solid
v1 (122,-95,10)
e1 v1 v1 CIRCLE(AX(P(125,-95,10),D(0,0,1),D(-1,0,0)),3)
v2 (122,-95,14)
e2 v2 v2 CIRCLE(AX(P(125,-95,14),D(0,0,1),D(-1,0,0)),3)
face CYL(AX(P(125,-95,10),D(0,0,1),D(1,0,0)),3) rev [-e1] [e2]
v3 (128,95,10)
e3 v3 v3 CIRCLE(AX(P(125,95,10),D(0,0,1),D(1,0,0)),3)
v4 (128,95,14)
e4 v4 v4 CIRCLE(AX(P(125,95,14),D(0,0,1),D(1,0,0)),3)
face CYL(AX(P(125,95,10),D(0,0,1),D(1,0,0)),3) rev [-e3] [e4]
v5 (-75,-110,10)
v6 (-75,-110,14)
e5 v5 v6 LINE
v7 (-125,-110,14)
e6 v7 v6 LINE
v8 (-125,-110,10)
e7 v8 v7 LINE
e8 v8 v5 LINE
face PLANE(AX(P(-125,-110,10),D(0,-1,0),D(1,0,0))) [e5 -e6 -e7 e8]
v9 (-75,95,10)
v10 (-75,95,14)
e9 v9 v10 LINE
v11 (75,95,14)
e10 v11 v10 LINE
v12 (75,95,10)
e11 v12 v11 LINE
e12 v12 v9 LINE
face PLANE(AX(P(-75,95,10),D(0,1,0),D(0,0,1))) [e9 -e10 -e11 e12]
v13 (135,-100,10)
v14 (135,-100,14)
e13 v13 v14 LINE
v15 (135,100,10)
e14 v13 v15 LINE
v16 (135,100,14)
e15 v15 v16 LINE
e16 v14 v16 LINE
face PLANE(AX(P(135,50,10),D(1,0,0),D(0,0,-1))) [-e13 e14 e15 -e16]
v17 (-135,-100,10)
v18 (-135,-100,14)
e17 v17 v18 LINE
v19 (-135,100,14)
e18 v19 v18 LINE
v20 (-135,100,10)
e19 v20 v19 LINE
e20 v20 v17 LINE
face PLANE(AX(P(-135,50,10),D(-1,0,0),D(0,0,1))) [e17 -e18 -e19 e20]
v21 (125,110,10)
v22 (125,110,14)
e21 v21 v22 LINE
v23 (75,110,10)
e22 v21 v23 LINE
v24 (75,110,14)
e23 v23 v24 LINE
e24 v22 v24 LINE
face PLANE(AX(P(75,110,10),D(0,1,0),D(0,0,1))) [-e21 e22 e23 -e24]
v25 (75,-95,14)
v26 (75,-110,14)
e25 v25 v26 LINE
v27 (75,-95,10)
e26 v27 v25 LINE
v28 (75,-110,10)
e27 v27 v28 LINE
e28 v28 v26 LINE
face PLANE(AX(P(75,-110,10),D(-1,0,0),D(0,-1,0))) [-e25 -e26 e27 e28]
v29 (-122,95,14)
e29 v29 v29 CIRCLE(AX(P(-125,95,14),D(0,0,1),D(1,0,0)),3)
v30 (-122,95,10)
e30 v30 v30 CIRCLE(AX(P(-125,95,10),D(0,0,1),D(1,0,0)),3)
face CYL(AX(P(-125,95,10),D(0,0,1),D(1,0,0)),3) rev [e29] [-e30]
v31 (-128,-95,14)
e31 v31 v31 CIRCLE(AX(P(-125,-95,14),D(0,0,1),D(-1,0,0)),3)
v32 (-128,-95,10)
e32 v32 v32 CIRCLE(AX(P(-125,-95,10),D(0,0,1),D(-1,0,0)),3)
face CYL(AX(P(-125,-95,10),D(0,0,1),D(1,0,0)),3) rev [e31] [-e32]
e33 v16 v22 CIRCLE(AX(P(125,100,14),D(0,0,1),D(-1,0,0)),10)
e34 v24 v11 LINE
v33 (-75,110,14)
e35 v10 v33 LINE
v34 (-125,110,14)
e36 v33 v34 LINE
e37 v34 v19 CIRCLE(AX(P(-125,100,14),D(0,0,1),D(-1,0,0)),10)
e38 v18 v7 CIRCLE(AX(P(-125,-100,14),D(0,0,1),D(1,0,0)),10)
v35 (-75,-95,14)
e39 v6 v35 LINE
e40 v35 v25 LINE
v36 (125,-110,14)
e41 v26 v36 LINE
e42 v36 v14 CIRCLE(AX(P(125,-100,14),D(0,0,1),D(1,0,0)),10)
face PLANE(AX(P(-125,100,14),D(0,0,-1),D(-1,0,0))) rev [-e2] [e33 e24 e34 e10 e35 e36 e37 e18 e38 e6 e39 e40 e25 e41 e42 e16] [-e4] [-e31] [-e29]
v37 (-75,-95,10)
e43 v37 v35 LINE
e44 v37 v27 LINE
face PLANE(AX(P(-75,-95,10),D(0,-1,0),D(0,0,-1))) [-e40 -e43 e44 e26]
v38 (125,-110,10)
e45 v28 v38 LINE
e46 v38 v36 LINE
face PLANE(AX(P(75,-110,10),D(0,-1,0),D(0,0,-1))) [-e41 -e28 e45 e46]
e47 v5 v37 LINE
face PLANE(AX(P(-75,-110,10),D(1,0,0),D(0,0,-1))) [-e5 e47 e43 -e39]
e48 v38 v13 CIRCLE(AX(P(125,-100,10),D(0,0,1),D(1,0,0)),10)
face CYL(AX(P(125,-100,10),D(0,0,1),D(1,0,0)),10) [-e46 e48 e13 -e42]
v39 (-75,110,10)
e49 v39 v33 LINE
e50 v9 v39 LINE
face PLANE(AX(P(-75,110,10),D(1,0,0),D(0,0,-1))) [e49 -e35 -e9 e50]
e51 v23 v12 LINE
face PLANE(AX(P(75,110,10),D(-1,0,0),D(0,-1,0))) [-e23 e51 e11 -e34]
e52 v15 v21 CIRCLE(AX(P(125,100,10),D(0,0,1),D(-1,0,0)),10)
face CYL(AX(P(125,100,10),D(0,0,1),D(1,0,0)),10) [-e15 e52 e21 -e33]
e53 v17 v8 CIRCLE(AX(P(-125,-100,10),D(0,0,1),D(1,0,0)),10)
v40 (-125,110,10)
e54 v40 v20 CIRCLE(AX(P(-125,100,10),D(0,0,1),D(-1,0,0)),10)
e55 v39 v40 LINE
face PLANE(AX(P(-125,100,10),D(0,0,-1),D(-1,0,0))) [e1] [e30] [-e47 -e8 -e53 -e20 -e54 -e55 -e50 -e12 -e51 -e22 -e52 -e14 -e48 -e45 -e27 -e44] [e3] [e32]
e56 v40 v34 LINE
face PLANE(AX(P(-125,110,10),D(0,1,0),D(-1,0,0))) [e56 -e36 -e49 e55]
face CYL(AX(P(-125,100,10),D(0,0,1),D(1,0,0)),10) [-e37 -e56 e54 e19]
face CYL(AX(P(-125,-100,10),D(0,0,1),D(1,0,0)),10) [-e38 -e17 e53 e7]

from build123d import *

# Parameters (mm, degrees)
SKETCH1_R               = 3
SKETCH1_W               = 33
SKETCH1_H               = 80
BOSS_EXTRUDE1_DEPTH     = 14
SKETCH4_R               = 2
CUT_EXTRUDE2_DEPTH      = 10
SKETCH5_R               = 2
CUT_EXTRUDE3_DEPTH      = 10
SKETCH6_R               = 3
BOSS_EXTRUDE2_DEPTH     = 4
BOSS_EXTRUDE2_2_DEPTH   = 4
SKETCH7_R               = 6.85
SKETCH7_R_2             = 1.5
CUT_EXTRUDE4_DEPTH      = 10
ESQUISSE2_W             = 270
ESQUISSE2_H             = 10
ENL_V_MAT_EXTRU_1_DEPTH = 260
ESQUISSE3_W             = 4
ESQUISSE3_H             = 176.46718548
BOSS_EXTRU_3_DEPTH      = 265


with BuildPart() as part:
    # Sketch1 → Boss-Extrude1 (new body)
    with BuildSketch(Plane.XY):
        Polygon((-135, -20.635083269), (-135, -50), (135, -50), (135, -20.635083269), (135, 40), (135, 50), (-135, 50), (-135, 40), align=None)
        with Locations((-85, -43)):
            Circle(SKETCH1_R, mode=Mode.SUBTRACT)
        with Locations((-80, 43)):
            Circle(SKETCH1_R, mode=Mode.SUBTRACT)
        with Locations(Location((80, 43, 0), (0, 0, 180))):
            Circle(SKETCH1_R, mode=Mode.SUBTRACT)
        with Locations(Location((85, -43, 0), (0, 0, 180))):
            Circle(SKETCH1_R, mode=Mode.SUBTRACT)
        with Locations((-110.5, 0)):
            Rectangle(SKETCH1_W, SKETCH1_H, mode=Mode.SUBTRACT)
        Polygon((-61, -30), (-35, -30), (-35, -20), (-4, -20), (-4, 20), (-35, 20), (-35, 30), (-61, 30), align=None, mode=Mode.SUBTRACT)
        Polygon((35, 20), (35, 30), (61, 30), (61, -30), (35, -30), (35, -20), (4, -20), (4, 20), align=None, mode=Mode.SUBTRACT)
        with Locations((110.5, 5)):
            Rectangle(SKETCH1_W, SKETCH1_H, mode=Mode.SUBTRACT)
    extrude(amount=BOSS_EXTRUDE1_DEPTH)

    # Sketch4 → Cut-Extrude2 (cut)
    with BuildSketch(Plane(origin=(0, 0, 0), x_dir=(-1, 0, 0), z_dir=(0, 0, -1))):
        with Locations((-131.5, 5)):
            Circle(SKETCH4_R)
    cut_extrude2 = extrude(amount=-CUT_EXTRUDE2_DEPTH, mode=Mode.SUBTRACT)

    # Sketch5 → Cut-Extrude3 (cut)
    with BuildSketch(Plane(origin=(0, 0, 0), x_dir=(-1, 0, 0), z_dir=(0, 0, -1))):
        with Locations((-69, 5)):
            Circle(SKETCH5_R)
    cut_extrude3 = extrude(amount=-CUT_EXTRUDE3_DEPTH, mode=Mode.SUBTRACT)

    # Mirror1: Cut-Extrude2, Cut-Extrude3 across plane
    add(cut_extrude2.mirror(Plane.ZY), mode=Mode.SUBTRACT)
    add(cut_extrude3.mirror(Plane.ZY), mode=Mode.SUBTRACT)


with BuildPart() as body_2:
    # Sketch6 → Boss-Extrude2 (new body)
    with BuildSketch(Plane.XY.offset(14)):
        with BuildLine():
            Line((75, 110), (125, 110))
            ThreePointArc((125, 110), (132.071067812, 107.071067812), (135, 100))
            Line((135, 100), (135, 50))
            Line((135, 50), (-135, 50))
            Line((-135, 50), (-135, 100))
            ThreePointArc((-135, 100), (-132.071067812, 107.071067812), (-125, 110))
            Line((-125, 110), (-75, 110))
            Line((-75, 110), (-75, 95))
            Line((-75, 95), (75, 95))
            Line((75, 95), (75, 110))
        make_face()
        with Locations((-125, 95)):
            Circle(SKETCH6_R, mode=Mode.SUBTRACT)
        with Locations((125, 95)):
            Circle(SKETCH6_R, mode=Mode.SUBTRACT)
    extrude(amount=-BOSS_EXTRUDE2_DEPTH)

    # Combine1: union part
    add(part.part)


with BuildPart() as body_3:
    # Sketch6 → Boss-Extrude2 2 (new body)
    with BuildSketch(Plane.XY.offset(14)):
        with BuildLine():
            Line((75, -110), (75, -95))
            Line((75, -95), (-75, -95))
            Line((-75, -95), (-75, -110))
            Line((-75, -110), (-125, -110))
            ThreePointArc((-125, -110), (-132.071067812, -107.071067812), (-135, -100))
            Line((-135, -100), (-135, -50))
            Line((-135, -50), (135, -50))
            Line((135, -50), (135, -100))
            ThreePointArc((135, -100), (132.071067812, -107.071067812), (125, -110))
            Line((125, -110), (75, -110))
        make_face()
        with Locations(Location((125, -95, 0), (0, 0, 180))):
            Circle(SKETCH6_R, mode=Mode.SUBTRACT)
        with Locations(Location((-125, -95, 0), (0, 0, 180))):
            Circle(SKETCH6_R, mode=Mode.SUBTRACT)
    extrude(amount=-BOSS_EXTRUDE2_2_DEPTH)


with BuildPart() as body_2_1:
    add(body_2.part)

    # Combine2: union body 3
    add(body_3.part)

    # Sketch7 → Cut-Extrude4 (cut)
    with BuildSketch(Plane.XY.offset(14)):
        with Locations((0, 70)):
            Circle(SKETCH7_R)
        with Locations((-11.25, 76.495190528)):
            Circle(SKETCH7_R_2)
        with Locations((0, 57.009618943)):
            Circle(SKETCH7_R_2)
        with Locations((0, -70)):
            Circle(SKETCH7_R)
        with Locations((0, -57.009618943)):
            Circle(SKETCH7_R_2)
        with Locations(Location((11.25, 76.495190528, 0), (0, 0, 180))):
            Circle(SKETCH7_R_2)
        with Locations((-11.25, -76.495190528)):
            Circle(SKETCH7_R_2)
        with Locations((11.25, -76.495190528)):
            Circle(SKETCH7_R_2)
    extrude(amount=-CUT_EXTRUDE4_DEPTH, mode=Mode.SUBTRACT)

    # Esquisse2 → Enlèv. mat.-Extru.1 (cut)
    with BuildSketch(Plane.XZ.offset(50)):
        with Locations((0, 5)):
            Rectangle(ESQUISSE2_W, ESQUISSE2_H)
    extrude(amount=-ENL_V_MAT_EXTRU_1_DEPTH, mode=Mode.SUBTRACT)

    # Esquisse3 → Boss.-Extru.3 (add)
    with BuildSketch(Plane(origin=(135, 0, 0), x_dir=(0, 0, -1), z_dir=(1, 0, 0))):
        with Locations((-12, 0.244857916)):
            Rectangle(ESQUISSE3_W, ESQUISSE3_H)
    extrude(amount=-BOSS_EXTRU_3_DEPTH)


solid = body_2_1.part
